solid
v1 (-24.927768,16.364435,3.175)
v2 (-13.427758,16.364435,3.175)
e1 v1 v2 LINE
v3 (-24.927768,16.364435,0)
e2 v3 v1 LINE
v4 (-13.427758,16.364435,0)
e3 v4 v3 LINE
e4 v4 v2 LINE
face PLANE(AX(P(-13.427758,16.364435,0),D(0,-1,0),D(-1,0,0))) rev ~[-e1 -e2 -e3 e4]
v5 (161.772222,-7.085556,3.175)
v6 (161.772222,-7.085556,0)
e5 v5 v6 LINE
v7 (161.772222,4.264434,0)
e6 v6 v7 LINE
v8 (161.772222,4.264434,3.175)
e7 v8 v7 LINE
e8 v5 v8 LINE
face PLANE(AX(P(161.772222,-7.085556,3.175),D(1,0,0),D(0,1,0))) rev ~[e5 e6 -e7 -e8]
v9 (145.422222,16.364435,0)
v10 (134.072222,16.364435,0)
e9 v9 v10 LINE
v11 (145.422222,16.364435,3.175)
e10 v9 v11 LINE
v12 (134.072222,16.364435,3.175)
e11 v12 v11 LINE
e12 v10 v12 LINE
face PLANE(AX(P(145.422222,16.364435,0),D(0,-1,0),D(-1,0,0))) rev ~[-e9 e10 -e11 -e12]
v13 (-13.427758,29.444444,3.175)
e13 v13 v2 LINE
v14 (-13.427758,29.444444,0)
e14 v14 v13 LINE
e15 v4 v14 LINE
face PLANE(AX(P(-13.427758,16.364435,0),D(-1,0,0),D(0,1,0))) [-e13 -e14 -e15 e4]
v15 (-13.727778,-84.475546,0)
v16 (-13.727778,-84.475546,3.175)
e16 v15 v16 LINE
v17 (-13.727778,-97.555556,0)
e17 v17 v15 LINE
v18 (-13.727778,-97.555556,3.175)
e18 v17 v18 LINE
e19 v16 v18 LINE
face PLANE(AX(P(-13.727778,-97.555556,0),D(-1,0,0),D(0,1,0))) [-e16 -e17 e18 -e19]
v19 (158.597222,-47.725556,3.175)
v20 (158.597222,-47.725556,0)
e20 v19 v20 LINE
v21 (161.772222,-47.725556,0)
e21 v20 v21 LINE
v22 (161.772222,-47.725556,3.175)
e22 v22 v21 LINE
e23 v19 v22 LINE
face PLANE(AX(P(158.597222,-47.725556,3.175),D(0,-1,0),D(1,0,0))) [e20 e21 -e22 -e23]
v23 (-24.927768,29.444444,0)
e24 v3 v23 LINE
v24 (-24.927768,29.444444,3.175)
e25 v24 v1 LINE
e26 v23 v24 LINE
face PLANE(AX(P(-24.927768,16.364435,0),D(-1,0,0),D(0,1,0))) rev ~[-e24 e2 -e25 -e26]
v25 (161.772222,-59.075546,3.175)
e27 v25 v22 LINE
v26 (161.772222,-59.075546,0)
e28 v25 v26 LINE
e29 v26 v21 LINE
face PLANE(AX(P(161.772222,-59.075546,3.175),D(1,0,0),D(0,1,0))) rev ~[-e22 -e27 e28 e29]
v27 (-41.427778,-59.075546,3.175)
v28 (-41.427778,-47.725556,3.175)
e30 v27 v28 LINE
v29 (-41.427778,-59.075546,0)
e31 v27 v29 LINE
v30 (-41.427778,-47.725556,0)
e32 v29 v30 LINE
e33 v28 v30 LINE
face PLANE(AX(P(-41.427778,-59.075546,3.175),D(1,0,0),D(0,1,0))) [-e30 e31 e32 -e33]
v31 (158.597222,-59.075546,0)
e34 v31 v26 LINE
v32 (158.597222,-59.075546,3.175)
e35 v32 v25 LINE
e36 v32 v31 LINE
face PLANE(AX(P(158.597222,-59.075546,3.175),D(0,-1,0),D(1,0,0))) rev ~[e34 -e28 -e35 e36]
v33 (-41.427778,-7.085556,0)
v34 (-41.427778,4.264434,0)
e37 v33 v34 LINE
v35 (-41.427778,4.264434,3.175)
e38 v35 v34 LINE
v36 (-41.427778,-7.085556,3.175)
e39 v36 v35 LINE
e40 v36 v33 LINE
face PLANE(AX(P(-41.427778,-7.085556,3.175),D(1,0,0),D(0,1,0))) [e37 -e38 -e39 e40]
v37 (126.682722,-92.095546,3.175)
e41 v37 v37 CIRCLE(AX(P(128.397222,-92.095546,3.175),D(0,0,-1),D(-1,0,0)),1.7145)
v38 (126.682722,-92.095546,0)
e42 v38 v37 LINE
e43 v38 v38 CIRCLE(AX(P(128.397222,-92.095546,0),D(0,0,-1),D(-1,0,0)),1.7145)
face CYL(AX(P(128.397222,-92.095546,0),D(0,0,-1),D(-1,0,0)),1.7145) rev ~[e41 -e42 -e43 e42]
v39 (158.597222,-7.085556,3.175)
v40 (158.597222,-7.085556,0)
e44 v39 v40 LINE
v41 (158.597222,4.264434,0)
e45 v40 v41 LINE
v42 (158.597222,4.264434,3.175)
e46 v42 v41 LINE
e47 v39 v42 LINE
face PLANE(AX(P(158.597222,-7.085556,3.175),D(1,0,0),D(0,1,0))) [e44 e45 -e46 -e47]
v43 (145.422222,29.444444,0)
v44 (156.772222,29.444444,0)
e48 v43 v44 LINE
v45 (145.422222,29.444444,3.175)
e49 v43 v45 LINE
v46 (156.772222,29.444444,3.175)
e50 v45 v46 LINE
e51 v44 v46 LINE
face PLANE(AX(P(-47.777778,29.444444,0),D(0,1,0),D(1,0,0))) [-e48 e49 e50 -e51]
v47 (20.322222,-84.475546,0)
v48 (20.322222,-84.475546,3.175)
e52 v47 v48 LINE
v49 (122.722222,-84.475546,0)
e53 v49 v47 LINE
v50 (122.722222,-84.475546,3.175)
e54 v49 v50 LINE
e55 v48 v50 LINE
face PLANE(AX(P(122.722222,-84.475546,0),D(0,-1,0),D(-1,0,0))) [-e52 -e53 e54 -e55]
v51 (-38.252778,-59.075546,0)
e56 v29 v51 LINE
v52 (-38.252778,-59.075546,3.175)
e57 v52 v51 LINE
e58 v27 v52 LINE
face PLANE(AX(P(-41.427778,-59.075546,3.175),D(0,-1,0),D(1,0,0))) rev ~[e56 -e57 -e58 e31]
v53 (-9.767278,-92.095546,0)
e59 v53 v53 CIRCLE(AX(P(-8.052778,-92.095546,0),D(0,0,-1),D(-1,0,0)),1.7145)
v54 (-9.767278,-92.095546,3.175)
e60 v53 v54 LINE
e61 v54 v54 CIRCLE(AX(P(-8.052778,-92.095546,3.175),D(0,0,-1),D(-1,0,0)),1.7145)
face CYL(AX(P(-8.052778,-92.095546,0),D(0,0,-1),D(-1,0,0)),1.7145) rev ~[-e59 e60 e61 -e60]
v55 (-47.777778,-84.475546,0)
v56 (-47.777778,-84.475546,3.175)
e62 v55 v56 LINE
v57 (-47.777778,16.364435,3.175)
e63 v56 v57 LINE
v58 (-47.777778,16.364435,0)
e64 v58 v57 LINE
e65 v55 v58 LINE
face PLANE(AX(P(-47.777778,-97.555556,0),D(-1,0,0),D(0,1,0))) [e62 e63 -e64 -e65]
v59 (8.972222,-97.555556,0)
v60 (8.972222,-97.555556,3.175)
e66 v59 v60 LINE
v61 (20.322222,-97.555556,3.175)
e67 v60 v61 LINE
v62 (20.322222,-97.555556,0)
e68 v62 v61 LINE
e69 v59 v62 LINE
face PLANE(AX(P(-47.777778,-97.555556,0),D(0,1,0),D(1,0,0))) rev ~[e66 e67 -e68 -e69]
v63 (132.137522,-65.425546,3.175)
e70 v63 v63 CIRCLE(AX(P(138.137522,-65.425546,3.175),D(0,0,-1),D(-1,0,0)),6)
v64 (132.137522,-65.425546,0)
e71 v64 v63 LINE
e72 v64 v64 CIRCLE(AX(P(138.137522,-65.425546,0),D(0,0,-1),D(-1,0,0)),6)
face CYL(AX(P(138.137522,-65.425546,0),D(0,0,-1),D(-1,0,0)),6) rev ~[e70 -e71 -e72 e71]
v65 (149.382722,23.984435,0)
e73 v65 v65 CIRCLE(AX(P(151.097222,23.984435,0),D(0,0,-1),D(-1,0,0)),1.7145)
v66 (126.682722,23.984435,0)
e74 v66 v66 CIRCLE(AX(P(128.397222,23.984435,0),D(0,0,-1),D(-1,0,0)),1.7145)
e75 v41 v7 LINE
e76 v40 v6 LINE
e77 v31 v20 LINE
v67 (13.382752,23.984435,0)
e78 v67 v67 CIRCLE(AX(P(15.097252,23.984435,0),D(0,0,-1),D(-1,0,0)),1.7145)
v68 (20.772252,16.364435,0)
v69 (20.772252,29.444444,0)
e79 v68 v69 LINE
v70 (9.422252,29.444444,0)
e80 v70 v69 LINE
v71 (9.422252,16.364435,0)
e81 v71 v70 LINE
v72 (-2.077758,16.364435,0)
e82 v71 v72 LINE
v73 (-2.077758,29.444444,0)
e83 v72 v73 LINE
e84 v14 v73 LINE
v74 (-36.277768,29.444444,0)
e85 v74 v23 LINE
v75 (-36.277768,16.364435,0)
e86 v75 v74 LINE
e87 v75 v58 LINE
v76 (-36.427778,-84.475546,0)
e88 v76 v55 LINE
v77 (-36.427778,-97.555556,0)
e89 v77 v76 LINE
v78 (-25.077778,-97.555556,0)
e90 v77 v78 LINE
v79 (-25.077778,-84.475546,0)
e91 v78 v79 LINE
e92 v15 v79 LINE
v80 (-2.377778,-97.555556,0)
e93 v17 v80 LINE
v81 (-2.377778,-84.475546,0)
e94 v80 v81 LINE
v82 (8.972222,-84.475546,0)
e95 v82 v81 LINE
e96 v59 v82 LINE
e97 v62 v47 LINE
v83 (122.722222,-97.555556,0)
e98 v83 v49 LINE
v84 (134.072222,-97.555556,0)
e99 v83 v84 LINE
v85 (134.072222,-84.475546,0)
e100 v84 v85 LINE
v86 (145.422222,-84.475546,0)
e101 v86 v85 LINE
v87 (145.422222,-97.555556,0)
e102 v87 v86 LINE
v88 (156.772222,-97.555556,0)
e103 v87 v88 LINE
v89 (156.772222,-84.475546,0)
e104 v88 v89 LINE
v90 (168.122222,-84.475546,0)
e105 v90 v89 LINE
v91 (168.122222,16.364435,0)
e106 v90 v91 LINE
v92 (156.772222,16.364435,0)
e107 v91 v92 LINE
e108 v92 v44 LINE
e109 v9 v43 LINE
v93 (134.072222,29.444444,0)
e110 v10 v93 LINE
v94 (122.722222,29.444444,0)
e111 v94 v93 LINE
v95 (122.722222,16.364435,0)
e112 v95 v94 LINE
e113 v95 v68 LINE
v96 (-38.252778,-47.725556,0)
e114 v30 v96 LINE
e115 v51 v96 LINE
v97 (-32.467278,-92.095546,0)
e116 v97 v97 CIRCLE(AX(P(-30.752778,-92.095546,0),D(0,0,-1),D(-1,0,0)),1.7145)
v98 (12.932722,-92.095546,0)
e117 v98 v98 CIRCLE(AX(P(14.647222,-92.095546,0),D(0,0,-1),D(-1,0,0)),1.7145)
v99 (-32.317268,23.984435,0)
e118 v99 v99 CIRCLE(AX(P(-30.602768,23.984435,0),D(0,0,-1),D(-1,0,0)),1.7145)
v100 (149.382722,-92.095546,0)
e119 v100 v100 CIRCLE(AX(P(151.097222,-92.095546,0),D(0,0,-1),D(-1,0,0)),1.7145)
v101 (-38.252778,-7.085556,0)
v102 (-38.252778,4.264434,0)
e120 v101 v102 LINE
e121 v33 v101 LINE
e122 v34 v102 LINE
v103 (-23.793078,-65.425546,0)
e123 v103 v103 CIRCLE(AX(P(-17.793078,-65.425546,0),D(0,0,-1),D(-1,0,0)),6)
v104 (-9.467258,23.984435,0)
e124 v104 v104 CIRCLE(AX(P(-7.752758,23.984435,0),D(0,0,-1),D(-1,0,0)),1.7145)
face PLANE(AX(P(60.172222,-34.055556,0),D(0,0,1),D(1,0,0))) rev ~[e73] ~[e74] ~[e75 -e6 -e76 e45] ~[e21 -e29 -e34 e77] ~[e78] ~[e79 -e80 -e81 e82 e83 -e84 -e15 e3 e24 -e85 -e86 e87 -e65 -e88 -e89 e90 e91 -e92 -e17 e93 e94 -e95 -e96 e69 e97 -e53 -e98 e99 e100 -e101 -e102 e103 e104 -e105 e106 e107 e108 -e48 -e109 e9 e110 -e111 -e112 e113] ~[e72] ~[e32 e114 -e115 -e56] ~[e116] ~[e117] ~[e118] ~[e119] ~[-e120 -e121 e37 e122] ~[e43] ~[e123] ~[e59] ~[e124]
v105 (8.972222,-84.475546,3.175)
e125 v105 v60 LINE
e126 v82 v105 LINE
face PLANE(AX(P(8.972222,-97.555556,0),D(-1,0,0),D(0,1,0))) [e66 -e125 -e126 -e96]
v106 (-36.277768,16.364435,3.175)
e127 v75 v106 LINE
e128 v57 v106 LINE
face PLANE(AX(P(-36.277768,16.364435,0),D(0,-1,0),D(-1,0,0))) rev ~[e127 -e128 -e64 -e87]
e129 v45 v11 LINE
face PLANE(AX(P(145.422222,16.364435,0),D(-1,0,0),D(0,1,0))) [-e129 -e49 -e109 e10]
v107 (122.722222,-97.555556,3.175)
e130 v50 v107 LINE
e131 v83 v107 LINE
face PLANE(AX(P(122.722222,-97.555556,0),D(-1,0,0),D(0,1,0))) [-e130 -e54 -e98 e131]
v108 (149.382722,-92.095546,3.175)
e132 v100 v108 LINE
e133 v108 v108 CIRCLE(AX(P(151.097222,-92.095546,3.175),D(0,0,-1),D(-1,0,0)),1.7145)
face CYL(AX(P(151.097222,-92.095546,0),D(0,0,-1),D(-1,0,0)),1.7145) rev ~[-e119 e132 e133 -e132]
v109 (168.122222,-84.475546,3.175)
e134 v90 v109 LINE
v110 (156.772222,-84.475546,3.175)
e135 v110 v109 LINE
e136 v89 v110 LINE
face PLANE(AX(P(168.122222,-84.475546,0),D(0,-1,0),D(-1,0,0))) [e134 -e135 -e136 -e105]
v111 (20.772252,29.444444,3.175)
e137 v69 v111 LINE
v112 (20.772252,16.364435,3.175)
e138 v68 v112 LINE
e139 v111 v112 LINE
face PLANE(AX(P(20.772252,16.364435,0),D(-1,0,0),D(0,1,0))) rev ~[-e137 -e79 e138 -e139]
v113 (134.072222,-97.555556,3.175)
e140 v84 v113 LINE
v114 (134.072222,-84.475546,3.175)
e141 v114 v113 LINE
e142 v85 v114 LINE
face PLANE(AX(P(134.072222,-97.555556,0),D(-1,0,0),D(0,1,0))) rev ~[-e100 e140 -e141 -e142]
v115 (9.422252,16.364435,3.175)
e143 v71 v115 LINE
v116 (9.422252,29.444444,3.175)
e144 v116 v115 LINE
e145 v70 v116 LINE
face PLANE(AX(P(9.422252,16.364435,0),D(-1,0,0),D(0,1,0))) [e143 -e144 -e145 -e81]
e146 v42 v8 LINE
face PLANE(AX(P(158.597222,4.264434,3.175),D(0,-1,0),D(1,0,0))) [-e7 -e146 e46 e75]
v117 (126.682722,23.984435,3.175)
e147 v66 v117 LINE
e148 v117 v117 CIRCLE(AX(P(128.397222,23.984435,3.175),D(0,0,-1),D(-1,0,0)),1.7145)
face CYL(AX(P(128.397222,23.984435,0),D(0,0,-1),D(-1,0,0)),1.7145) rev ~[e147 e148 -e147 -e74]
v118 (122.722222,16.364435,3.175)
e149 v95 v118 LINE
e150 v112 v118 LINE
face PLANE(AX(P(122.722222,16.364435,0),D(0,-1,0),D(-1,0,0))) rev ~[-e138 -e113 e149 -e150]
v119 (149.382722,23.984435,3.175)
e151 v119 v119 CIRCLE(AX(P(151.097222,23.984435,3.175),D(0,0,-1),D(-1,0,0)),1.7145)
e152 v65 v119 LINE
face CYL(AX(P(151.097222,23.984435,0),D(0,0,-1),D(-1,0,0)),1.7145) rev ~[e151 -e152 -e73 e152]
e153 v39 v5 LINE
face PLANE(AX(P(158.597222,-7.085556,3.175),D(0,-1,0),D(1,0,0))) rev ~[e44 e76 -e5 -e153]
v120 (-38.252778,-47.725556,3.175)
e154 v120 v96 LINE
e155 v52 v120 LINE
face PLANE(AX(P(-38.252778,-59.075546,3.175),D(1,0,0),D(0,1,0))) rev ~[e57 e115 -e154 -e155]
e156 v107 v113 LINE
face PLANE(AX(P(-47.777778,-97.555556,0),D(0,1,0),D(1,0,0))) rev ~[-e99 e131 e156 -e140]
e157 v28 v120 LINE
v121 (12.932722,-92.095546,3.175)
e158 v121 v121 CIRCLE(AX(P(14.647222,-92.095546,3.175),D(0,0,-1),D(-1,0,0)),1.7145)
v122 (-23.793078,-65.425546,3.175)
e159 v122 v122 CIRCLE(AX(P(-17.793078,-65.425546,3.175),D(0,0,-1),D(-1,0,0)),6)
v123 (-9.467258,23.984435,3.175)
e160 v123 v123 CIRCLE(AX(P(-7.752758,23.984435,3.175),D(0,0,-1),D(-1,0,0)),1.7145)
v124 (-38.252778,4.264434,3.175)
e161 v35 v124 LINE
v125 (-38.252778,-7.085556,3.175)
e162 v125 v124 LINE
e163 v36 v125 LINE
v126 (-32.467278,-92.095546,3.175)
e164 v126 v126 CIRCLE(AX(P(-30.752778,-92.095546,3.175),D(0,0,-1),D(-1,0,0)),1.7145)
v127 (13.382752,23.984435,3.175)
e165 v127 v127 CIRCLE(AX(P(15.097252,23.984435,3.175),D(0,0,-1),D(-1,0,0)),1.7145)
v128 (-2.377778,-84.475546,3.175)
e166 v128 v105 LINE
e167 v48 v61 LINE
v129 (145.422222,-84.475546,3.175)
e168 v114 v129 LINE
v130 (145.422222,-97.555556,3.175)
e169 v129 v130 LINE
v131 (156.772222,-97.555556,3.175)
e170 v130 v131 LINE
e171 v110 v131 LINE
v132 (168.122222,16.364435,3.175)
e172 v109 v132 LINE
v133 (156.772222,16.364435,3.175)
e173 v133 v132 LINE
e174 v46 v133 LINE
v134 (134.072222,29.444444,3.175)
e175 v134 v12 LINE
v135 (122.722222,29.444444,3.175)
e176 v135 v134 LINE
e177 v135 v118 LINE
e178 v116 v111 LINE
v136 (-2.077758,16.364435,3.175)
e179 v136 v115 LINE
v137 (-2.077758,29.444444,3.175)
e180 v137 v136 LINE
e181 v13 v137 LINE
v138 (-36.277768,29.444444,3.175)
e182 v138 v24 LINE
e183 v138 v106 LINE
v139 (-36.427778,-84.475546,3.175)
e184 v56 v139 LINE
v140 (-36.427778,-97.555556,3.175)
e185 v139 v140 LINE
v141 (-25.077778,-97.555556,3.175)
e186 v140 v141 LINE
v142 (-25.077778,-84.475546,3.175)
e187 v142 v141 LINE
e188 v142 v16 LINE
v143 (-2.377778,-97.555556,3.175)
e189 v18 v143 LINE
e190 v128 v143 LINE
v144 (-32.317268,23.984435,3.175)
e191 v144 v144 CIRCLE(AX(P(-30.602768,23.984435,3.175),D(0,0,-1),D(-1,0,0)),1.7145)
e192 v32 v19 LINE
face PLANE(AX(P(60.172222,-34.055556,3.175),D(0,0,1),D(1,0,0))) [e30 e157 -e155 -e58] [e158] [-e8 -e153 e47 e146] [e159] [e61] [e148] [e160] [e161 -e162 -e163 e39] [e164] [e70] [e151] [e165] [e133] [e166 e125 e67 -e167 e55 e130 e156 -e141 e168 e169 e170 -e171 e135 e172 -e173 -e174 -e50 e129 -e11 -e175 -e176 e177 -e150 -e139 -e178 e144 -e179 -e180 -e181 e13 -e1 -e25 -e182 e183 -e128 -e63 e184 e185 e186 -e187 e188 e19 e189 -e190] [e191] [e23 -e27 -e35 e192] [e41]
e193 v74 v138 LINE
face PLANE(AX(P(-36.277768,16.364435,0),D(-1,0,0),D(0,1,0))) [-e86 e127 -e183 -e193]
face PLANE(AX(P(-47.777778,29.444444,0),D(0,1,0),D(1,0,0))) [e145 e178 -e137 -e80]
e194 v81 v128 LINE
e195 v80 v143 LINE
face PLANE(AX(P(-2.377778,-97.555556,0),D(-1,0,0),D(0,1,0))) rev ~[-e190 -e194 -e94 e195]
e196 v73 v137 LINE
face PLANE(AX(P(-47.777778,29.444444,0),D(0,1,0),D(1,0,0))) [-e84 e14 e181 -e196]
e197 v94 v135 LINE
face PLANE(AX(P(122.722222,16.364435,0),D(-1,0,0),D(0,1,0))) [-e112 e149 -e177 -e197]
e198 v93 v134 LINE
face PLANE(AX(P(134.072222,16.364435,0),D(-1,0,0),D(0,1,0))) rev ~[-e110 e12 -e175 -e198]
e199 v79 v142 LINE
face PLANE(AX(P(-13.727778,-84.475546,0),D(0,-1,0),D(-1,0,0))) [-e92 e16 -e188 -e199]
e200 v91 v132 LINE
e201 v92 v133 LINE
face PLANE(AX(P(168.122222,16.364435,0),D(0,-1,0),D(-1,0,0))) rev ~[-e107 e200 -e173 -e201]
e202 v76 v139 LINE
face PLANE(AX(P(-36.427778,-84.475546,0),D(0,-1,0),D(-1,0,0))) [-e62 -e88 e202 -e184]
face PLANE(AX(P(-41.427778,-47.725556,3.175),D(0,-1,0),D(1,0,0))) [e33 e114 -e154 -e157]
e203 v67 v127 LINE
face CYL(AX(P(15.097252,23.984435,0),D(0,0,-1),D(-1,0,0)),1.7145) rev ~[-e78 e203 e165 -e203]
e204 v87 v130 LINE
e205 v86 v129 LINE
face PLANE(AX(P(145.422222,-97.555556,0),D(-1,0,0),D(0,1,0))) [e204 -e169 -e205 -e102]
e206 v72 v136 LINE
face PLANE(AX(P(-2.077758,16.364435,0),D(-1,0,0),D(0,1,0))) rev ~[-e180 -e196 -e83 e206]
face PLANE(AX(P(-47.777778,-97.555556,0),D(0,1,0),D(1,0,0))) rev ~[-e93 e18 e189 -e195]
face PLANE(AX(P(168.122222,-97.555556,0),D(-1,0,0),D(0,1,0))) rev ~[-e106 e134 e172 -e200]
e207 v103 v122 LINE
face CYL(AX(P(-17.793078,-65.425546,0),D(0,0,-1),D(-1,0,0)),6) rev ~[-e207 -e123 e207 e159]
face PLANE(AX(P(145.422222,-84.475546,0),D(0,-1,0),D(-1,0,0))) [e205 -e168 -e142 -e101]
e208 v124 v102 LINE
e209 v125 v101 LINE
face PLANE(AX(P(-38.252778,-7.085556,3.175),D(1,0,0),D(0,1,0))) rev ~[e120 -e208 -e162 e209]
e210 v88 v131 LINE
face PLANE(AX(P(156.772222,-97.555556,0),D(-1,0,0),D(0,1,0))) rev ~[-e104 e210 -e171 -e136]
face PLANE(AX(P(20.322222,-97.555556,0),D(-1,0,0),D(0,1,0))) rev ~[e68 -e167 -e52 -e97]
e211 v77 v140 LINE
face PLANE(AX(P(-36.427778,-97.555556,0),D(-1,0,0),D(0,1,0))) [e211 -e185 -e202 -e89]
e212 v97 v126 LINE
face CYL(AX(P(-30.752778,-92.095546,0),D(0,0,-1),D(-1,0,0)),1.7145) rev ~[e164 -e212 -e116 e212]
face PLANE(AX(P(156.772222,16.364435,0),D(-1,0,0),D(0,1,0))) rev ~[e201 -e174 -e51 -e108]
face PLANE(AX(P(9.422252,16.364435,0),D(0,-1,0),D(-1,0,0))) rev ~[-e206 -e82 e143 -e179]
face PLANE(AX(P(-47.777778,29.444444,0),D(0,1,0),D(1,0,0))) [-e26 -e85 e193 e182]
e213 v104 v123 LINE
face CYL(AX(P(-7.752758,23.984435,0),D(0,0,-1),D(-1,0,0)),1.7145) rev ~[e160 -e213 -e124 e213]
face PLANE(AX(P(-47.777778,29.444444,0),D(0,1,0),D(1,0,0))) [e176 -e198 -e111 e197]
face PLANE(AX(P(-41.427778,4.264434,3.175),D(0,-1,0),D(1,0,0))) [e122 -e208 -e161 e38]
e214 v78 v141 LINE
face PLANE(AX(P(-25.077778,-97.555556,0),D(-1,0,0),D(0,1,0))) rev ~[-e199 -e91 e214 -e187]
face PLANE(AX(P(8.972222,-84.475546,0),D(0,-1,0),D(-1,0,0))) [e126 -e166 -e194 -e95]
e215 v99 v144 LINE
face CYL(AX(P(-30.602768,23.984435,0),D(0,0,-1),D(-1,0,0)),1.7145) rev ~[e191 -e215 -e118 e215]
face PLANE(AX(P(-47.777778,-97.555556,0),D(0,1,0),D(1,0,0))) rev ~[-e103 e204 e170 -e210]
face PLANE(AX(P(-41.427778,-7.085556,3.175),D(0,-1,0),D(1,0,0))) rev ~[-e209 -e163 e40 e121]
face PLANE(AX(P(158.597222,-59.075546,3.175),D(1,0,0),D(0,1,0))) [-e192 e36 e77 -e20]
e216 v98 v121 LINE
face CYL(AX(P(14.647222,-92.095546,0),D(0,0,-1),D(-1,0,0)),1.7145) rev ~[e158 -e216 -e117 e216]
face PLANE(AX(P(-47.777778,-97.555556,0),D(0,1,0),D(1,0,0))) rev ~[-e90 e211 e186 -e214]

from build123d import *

# Parameters (mm, degrees)
SKETCH1_W               = 215.9
SKETCH1_H               = 127
BOSS_EXTRUDE1_DEPTH     = 3.175
SKETCH4_W               = 11.35
SKETCH4_H               = 13.0800094
SKETCH4_W_2             = 101.949970282
SKETCH4_W_3             = 11.50001
SKETCH4_W_4             = 102.400000282
CUT_EXTRUDE1_DEPTH      = 4.175
SKETCH5_R               = 6
CUT_EXTRUDE2_DEPTH      = 1
CUT_EXTRUDE2_DEPTH_BACK = 4.175
SKETCH6_R               = 1.7145
CUT_EXTRUDE3_DEPTH      = 4.175
SKETCH10_W              = 3.175
SKETCH10_H              = 11.34999
CUT_EXTRUDE4_DEPTH      = 3.175


with BuildPart() as part:
    # Sketch1 → Boss-Extrude1 (new body)
    with BuildSketch(Plane.XY):
        with Locations((60.172222222, -34.055555556)):
            Rectangle(SKETCH1_W, SKETCH1_H)
    extrude(amount=BOSS_EXTRUDE1_DEPTH)

    # Sketch4 → Cut-Extrude1 (cut, through all)
    with BuildSketch(Plane(origin=(0, 0, 0), x_dir=(-1, 0, 0), z_dir=(0, 0, -1))):
        with Locations((-162.447222222, 22.904439744)):
            Rectangle(SKETCH4_W, SKETCH4_H)
        with Locations((-139.747222222, 22.904439744)):
            Rectangle(SKETCH4_W, SKETCH4_H)
        with Locations((-71.747237175, 22.904439744)):
            Rectangle(SKETCH4_W_2, SKETCH4_H)
        with Locations((-3.672247128, 22.904439744)):
            Rectangle(SKETCH4_W_3, SKETCH4_H)
        with Locations((19.177762872, 22.904439744)):
            Rectangle(SKETCH4_W_3, SKETCH4_H)
        with Locations((42.027772778, 22.904439744)):
            Rectangle(SKETCH4_W_3, SKETCH4_H)
        with Locations((-162.447222222, -91.015550856)):
            Rectangle(SKETCH4_W, SKETCH4_H)
        with Locations((-139.747222222, -91.015550856)):
            Rectangle(SKETCH4_W, SKETCH4_H)
        with Locations((-71.522222175, -91.015550856)):
            Rectangle(SKETCH4_W_4, SKETCH4_H)
        with Locations((-3.297222034, -91.015550856)):
            Rectangle(SKETCH4_W, SKETCH4_H)
        with Locations((19.402777872, -91.015550856)):
            Rectangle(SKETCH4_W, SKETCH4_H)
        with Locations((42.102777778, -91.015550856)):
            Rectangle(SKETCH4_W, SKETCH4_H)
    extrude(amount=-CUT_EXTRUDE1_DEPTH, mode=Mode.SUBTRACT)

    # Sketch5 → Cut-Extrude2 (cut, two sides)
    with BuildSketch(Plane(origin=(0, 0, 0), x_dir=(-1, 0, 0), z_dir=(0, 0, -1))) as cut_extrude2_sk:
        with Locations((-138.137522222, -65.425546156)):
            Circle(SKETCH5_R)
        with Locations((17.793077778, -65.425546156)):
            Circle(SKETCH5_R)
    extrude(amount=CUT_EXTRUDE2_DEPTH, mode=Mode.SUBTRACT)
    extrude(cut_extrude2_sk.sketch, amount=-CUT_EXTRUDE2_DEPTH_BACK, mode=Mode.SUBTRACT)

    # Sketch6 → Cut-Extrude3 (cut, through all)
    with BuildSketch(Plane(origin=(0, 0, 0), x_dir=(-1, 0, 0), z_dir=(0, 0, -1))):
        with Locations((-151.097222222, 23.984435044)):
            Circle(SKETCH6_R)
        with Locations((-128.397222269, 23.984435044)):
            Circle(SKETCH6_R)
        with Locations((-15.097252081, 23.984435044)):
            Circle(SKETCH6_R)
        with Locations((7.752757872, 23.984435044)):
            Circle(SKETCH6_R)
        with Locations((30.602767825, 23.984435044)):
            Circle(SKETCH6_R)
        with Locations((-128.397222269, -92.095546156)):
            Circle(SKETCH6_R)
        with Locations((-151.097222222, -92.095546156)):
            Circle(SKETCH6_R)
        with Locations((-14.647222034, -92.095546156)):
            Circle(SKETCH6_R)
        with Locations((8.052777919, -92.095546156)):
            Circle(SKETCH6_R)
        with Locations((30.752777825, -92.095546156)):
            Circle(SKETCH6_R)
    extrude(amount=-CUT_EXTRUDE3_DEPTH, mode=Mode.SUBTRACT)

    # Sketch10 → Cut-Extrude4 (cut)
    with BuildSketch(Plane.XY.offset(3.175)):
        with Locations((-39.840277778, -1.410561156)):
            Rectangle(SKETCH10_W, SKETCH10_H)
        with Locations((-39.840277778, -53.400551156)):
            Rectangle(SKETCH10_W, SKETCH10_H)
        with Locations((160.184722222, -1.410561156)):
            Rectangle(SKETCH10_W, SKETCH10_H)
        with Locations((160.184722222, -53.400551156)):
            Rectangle(SKETCH10_W, SKETCH10_H)
    extrude(amount=-CUT_EXTRUDE4_DEPTH, mode=Mode.SUBTRACT)


solid = part.part
